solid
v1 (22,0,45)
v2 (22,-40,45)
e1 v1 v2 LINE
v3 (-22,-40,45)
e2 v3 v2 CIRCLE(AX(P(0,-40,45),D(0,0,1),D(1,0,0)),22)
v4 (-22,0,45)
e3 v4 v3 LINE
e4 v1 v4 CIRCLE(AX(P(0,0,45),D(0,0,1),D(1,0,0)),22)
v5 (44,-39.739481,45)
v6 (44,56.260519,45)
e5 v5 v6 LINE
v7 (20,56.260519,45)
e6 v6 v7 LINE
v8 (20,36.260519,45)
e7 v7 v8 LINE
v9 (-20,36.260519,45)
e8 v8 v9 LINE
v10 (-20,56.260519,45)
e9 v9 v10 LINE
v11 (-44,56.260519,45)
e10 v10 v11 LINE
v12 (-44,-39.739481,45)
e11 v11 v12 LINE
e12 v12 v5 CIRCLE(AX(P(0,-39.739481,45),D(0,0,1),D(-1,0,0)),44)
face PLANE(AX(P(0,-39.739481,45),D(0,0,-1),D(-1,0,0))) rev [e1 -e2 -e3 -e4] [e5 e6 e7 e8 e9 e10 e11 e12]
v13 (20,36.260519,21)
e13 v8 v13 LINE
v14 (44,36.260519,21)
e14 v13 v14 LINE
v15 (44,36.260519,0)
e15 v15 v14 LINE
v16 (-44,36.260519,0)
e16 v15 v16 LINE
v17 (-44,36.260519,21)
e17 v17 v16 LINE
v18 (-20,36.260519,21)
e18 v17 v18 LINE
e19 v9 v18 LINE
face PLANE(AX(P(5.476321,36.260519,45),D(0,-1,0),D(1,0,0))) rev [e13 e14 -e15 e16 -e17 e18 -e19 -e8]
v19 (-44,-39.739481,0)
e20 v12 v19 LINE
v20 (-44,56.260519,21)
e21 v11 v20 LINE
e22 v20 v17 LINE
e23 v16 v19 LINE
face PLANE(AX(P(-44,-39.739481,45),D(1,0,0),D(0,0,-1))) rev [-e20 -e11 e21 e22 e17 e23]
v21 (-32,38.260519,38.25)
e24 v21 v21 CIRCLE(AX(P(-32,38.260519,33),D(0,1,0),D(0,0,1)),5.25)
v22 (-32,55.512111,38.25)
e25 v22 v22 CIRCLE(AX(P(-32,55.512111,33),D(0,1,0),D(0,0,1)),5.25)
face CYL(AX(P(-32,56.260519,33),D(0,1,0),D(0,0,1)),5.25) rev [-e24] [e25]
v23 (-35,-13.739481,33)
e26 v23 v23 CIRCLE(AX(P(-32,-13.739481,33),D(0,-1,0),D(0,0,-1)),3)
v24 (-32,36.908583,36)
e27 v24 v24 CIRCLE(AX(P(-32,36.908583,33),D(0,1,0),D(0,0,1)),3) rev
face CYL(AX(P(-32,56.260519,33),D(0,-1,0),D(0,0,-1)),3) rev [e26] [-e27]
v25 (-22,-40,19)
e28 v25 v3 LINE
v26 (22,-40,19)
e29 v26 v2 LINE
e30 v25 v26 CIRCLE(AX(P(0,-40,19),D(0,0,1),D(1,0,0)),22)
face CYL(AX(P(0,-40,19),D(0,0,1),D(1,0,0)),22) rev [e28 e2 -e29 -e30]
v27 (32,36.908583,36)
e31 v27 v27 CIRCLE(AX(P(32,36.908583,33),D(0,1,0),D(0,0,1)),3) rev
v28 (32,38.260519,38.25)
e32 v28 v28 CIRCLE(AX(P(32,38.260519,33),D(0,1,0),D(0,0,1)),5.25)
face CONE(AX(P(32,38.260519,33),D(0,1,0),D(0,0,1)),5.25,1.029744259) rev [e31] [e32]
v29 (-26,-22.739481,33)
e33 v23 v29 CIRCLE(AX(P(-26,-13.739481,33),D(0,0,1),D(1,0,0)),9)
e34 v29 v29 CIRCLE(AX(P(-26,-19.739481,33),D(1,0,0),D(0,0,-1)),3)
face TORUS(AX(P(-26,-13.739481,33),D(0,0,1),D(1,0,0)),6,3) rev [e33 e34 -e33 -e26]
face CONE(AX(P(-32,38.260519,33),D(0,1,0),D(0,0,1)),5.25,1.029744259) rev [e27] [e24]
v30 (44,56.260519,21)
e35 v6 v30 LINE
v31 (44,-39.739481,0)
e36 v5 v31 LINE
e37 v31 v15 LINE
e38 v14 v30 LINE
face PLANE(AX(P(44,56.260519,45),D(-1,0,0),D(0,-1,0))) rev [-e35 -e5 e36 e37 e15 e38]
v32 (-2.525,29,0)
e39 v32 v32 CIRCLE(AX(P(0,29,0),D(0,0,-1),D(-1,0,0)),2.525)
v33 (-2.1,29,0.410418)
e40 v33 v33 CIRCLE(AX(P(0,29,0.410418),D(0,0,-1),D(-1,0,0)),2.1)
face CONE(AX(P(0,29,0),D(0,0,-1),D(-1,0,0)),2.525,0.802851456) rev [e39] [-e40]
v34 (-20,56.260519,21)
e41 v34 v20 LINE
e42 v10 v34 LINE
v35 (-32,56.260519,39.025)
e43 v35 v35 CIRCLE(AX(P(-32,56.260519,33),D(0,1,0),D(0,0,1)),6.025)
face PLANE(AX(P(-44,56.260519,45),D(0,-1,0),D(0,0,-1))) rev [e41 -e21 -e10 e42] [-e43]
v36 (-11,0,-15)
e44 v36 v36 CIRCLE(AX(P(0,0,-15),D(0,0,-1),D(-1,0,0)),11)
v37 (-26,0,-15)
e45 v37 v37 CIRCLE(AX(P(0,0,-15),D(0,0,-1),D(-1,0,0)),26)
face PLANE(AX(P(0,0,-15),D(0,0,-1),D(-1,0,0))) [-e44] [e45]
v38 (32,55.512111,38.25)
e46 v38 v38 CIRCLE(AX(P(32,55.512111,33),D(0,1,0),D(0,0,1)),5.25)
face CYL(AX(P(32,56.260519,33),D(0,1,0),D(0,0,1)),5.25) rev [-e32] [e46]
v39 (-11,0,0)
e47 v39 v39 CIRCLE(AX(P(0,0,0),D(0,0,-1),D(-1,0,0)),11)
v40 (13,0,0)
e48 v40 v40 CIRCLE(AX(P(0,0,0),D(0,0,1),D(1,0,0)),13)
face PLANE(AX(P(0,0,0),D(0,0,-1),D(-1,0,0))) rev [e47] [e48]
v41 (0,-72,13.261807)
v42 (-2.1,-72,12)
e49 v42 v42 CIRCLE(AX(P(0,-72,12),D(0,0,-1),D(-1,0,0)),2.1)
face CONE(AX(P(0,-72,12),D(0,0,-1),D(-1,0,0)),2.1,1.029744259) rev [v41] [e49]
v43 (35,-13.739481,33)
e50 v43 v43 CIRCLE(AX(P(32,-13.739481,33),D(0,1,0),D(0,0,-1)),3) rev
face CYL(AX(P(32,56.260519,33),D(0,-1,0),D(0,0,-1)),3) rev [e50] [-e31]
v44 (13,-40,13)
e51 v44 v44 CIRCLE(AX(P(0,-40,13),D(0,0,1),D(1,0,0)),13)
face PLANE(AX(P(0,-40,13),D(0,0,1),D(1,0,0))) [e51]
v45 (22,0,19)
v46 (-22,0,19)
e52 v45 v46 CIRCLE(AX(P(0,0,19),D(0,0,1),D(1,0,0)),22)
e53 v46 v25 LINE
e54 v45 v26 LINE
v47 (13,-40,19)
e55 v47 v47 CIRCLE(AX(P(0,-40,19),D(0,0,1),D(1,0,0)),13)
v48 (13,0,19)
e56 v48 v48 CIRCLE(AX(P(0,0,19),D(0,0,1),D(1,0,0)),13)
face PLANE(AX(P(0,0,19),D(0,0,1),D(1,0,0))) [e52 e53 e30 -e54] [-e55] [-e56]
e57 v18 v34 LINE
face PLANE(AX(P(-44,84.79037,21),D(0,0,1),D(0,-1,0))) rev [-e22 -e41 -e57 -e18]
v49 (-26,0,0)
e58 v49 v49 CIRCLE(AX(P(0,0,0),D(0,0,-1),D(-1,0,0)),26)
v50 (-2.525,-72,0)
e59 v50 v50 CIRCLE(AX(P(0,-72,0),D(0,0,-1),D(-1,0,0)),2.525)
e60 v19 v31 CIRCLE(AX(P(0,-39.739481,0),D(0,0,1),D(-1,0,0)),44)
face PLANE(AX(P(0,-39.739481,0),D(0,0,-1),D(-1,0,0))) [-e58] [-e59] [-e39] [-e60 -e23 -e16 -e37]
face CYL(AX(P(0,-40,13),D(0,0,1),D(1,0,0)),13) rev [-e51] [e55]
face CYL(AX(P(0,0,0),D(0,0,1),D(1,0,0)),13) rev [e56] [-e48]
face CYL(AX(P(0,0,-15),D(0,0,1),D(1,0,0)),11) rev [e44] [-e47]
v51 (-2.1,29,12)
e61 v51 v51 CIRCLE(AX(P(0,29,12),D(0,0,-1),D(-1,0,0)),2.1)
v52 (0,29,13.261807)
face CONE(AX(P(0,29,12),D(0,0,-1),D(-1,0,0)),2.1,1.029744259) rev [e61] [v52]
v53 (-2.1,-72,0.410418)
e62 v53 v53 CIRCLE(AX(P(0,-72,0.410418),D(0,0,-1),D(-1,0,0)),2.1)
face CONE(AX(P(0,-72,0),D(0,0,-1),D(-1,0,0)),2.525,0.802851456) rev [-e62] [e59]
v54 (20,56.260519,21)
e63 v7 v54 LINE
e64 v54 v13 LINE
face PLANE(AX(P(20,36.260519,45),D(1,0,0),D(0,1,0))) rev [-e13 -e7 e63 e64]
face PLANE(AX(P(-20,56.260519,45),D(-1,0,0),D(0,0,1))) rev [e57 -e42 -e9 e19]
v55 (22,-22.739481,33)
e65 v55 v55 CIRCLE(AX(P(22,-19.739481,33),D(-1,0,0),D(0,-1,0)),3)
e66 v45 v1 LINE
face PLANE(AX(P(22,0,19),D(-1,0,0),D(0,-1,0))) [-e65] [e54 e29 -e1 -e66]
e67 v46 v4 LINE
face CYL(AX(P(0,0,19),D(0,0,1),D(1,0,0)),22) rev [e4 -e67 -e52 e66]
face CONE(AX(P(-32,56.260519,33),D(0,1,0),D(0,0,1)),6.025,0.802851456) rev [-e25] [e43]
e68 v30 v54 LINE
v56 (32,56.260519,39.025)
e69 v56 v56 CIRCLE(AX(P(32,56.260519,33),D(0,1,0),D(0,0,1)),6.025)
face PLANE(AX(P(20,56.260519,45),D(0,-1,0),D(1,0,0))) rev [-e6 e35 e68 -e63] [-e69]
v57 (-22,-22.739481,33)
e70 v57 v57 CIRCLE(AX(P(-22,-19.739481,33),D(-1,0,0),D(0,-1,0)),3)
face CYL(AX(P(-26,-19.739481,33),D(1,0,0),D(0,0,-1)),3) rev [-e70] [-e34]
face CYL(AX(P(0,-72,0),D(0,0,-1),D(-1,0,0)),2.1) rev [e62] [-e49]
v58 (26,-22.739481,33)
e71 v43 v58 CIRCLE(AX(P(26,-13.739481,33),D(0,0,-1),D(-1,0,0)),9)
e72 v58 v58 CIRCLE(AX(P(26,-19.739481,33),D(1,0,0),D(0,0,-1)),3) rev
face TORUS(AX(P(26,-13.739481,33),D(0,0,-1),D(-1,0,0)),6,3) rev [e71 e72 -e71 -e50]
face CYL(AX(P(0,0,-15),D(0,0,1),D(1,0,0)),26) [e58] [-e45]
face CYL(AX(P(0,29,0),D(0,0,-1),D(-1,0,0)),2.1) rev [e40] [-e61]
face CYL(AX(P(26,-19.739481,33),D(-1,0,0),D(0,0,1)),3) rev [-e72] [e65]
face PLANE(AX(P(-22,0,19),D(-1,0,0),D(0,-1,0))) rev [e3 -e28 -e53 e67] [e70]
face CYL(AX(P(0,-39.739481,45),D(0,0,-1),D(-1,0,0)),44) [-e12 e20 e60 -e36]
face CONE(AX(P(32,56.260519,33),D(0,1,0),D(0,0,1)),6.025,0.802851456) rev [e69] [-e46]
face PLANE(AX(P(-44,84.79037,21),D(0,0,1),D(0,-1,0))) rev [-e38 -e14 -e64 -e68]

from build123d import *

# Parameters (mm, degrees)
EXTRUDE_1_DEPTH              = 45
CUT_EXTRUDE_1_DEPTH          = 26
SKETCH_4_R                   = 13
CUT_EXTRUDE_2_DEPTH          = 99.1035198
SKETCH_5_R                   = 13
CUT_EXTRUDE_3_DEPTH          = 6
SKETCH_7_W                   = 45.202600284
SKETCH_7_H                   = 48.529850946
CUT_EXTRUDE_4_DEPTH          = 131.224040013
SKETCH_8_R                   = 26
SKETCH_8_R_2                 = 11
EXTRUDE_3_DEPTH              = 15
HOLE_WIZARD_M5_1_D           = 4.2
HOLE_WIZARD_M5_1_DEPTH       = 12
HOLE_WIZARD_M5_1_CSINK_D     = 5.05
HOLE_WIZARD_M5_1_CSINK_ANGLE = 92
HOLE_WIZARD_M5_1_TIP         = 1.2618073
SKETCH_17_R                  = 3


with BuildPart() as part:
    # 스케치1 → 보스-돌출1 (new body)
    with BuildSketch(Plane.XY):
        with BuildLine():
            Line((5.476321218, 36.260519483), (20, 36.260519483))
            Line((20, 36.260519483), (20, 56.260519483))
            Line((20, 56.260519483), (44, 56.260519483))
            Line((44, 56.260519483), (44, -39.739480517))
            ThreePointArc((44, -39.739480517), (0, -83.739480517), (-44, -39.739480517))
            Line((-44, -39.739480517), (-44, 56.260519483))
            Line((-44, 56.260519483), (-20, 56.260519483))
            Line((-20, 56.260519483), (-20, 36.260519483))
            Line((-20, 36.260519483), (5.476321218, 36.260519483))
        make_face()
    extrude(amount=EXTRUDE_1_DEPTH)

    # 스케치3 → 컷-돌출1 (cut)
    with BuildSketch(Plane.XY.offset(45)):
        with BuildLine():
            Line((22, 0), (22, -40))
            ThreePointArc((22, -40), (0, -62), (-22, -40))
            Line((-22, -40), (-22, 0))
            ThreePointArc((-22, 0), (0, 22), (22, 0))
        make_face()
    extrude(amount=-CUT_EXTRUDE_1_DEPTH, mode=Mode.SUBTRACT)

    # 스케치4 → 컷-돌출2 (cut, through all)
    with BuildSketch(Plane.XY.offset(19)):
        Circle(SKETCH_4_R)
    extrude(amount=-CUT_EXTRUDE_2_DEPTH, mode=Mode.SUBTRACT)

    # 스케치5 → 컷-돌출3 (cut)
    with BuildSketch(Plane.XY.offset(19)):
        with Locations((0, -40)):
            Circle(SKETCH_5_R)
    extrude(amount=-CUT_EXTRUDE_3_DEPTH, mode=Mode.SUBTRACT)

    # 스케치7 → 컷-돌출4 (cut, through all)
    with BuildSketch(Plane(origin=(45, 0, 0), x_dir=(0, 0, -1), z_dir=(1, 0, 0))):
        with Locations((1.601300142, 60.525444956)):
            Rectangle(SKETCH_7_W, SKETCH_7_H)
    extrude(amount=-CUT_EXTRUDE_4_DEPTH, mode=Mode.SUBTRACT)

    # 스케치8 → 보스-돌출3 (add)
    with BuildSketch(Plane(origin=(0, 0, 0), x_dir=(-1, 0, 0), z_dir=(0, 0, -1))):
        Circle(SKETCH_8_R)
        Circle(SKETCH_8_R_2, mode=Mode.SUBTRACT)
    extrude(amount=EXTRUDE_3_DEPTH)

    # 스케치13 → M12x1.5 나사 구멍3 (revolve, cut)
    with BuildSketch(Plane(origin=(32, 56.260519483, 33), x_dir=(0, 0, 1), z_dir=(1, 0, 0))):
        Polygon((0, 0), (0, 21.15451825), (5.25, 18), (5.25, 0.7484088), (6.025, 0), align=None)
    m12x1_5_3 = revolve(axis=Axis((32, 62.610519483, 33), (0, -1, 0)), mode=Mode.SUBTRACT)

    # 대칭 복사1: M12x1.5 나사 구멍3 across plane
    add(m12x1_5_3.mirror(Plane(origin=(0, 0, 0), x_dir=(0, 0, 1), z_dir=(1, 0, 0))), mode=Mode.SUBTRACT)

    # M5 나사 구멍1
    with Locations(Plane(origin=(0, 29, 0), x_dir=(-1, 0, 0), z_dir=(0, 0, -1))):
        with Locations((0, 0), (0, -101)):
            CounterSinkHole(HOLE_WIZARD_M5_1_D / 2, HOLE_WIZARD_M5_1_CSINK_D / 2, depth=HOLE_WIZARD_M5_1_DEPTH, counter_sink_angle=HOLE_WIZARD_M5_1_CSINK_ANGLE)
            with Locations((0, 0, -(HOLE_WIZARD_M5_1_DEPTH + HOLE_WIZARD_M5_1_TIP / 2))):  # 118° drill point
                Cone(0, HOLE_WIZARD_M5_1_D / 2, HOLE_WIZARD_M5_1_TIP, mode=Mode.SUBTRACT)

    # 컷-스윕1: sweep along a path in 스케치16
    with BuildLine(Plane.XY.offset(33)) as sweep_1_path:
        Line((-32, 56.260519483), (-32, -13.739480517))
        ThreePointArc((-32, -13.739480517), (-30.242640687, -17.982121204), (-26, -19.739480517))
        Line((-26, -19.739480517), (-16.926354954, -19.739480517))
    # 스케치17 → 컷-스윕1 (sweep, cut)
    with BuildSketch(Plane(origin=(-32, 56.260519483, 33), x_dir=(-1, 0, 0), z_dir=(0, -1, 0))):
        Circle(SKETCH_17_R)
    sweep_1 = sweep(path=sweep_1_path.line, mode=Mode.SUBTRACT)

    # 대칭 복사3: 컷-스윕1 across plane
    add(sweep_1.mirror(Plane(origin=(0, 0, 0), x_dir=(0, 0, 1), z_dir=(1, 0, 0))), mode=Mode.SUBTRACT)


solid = part.part
